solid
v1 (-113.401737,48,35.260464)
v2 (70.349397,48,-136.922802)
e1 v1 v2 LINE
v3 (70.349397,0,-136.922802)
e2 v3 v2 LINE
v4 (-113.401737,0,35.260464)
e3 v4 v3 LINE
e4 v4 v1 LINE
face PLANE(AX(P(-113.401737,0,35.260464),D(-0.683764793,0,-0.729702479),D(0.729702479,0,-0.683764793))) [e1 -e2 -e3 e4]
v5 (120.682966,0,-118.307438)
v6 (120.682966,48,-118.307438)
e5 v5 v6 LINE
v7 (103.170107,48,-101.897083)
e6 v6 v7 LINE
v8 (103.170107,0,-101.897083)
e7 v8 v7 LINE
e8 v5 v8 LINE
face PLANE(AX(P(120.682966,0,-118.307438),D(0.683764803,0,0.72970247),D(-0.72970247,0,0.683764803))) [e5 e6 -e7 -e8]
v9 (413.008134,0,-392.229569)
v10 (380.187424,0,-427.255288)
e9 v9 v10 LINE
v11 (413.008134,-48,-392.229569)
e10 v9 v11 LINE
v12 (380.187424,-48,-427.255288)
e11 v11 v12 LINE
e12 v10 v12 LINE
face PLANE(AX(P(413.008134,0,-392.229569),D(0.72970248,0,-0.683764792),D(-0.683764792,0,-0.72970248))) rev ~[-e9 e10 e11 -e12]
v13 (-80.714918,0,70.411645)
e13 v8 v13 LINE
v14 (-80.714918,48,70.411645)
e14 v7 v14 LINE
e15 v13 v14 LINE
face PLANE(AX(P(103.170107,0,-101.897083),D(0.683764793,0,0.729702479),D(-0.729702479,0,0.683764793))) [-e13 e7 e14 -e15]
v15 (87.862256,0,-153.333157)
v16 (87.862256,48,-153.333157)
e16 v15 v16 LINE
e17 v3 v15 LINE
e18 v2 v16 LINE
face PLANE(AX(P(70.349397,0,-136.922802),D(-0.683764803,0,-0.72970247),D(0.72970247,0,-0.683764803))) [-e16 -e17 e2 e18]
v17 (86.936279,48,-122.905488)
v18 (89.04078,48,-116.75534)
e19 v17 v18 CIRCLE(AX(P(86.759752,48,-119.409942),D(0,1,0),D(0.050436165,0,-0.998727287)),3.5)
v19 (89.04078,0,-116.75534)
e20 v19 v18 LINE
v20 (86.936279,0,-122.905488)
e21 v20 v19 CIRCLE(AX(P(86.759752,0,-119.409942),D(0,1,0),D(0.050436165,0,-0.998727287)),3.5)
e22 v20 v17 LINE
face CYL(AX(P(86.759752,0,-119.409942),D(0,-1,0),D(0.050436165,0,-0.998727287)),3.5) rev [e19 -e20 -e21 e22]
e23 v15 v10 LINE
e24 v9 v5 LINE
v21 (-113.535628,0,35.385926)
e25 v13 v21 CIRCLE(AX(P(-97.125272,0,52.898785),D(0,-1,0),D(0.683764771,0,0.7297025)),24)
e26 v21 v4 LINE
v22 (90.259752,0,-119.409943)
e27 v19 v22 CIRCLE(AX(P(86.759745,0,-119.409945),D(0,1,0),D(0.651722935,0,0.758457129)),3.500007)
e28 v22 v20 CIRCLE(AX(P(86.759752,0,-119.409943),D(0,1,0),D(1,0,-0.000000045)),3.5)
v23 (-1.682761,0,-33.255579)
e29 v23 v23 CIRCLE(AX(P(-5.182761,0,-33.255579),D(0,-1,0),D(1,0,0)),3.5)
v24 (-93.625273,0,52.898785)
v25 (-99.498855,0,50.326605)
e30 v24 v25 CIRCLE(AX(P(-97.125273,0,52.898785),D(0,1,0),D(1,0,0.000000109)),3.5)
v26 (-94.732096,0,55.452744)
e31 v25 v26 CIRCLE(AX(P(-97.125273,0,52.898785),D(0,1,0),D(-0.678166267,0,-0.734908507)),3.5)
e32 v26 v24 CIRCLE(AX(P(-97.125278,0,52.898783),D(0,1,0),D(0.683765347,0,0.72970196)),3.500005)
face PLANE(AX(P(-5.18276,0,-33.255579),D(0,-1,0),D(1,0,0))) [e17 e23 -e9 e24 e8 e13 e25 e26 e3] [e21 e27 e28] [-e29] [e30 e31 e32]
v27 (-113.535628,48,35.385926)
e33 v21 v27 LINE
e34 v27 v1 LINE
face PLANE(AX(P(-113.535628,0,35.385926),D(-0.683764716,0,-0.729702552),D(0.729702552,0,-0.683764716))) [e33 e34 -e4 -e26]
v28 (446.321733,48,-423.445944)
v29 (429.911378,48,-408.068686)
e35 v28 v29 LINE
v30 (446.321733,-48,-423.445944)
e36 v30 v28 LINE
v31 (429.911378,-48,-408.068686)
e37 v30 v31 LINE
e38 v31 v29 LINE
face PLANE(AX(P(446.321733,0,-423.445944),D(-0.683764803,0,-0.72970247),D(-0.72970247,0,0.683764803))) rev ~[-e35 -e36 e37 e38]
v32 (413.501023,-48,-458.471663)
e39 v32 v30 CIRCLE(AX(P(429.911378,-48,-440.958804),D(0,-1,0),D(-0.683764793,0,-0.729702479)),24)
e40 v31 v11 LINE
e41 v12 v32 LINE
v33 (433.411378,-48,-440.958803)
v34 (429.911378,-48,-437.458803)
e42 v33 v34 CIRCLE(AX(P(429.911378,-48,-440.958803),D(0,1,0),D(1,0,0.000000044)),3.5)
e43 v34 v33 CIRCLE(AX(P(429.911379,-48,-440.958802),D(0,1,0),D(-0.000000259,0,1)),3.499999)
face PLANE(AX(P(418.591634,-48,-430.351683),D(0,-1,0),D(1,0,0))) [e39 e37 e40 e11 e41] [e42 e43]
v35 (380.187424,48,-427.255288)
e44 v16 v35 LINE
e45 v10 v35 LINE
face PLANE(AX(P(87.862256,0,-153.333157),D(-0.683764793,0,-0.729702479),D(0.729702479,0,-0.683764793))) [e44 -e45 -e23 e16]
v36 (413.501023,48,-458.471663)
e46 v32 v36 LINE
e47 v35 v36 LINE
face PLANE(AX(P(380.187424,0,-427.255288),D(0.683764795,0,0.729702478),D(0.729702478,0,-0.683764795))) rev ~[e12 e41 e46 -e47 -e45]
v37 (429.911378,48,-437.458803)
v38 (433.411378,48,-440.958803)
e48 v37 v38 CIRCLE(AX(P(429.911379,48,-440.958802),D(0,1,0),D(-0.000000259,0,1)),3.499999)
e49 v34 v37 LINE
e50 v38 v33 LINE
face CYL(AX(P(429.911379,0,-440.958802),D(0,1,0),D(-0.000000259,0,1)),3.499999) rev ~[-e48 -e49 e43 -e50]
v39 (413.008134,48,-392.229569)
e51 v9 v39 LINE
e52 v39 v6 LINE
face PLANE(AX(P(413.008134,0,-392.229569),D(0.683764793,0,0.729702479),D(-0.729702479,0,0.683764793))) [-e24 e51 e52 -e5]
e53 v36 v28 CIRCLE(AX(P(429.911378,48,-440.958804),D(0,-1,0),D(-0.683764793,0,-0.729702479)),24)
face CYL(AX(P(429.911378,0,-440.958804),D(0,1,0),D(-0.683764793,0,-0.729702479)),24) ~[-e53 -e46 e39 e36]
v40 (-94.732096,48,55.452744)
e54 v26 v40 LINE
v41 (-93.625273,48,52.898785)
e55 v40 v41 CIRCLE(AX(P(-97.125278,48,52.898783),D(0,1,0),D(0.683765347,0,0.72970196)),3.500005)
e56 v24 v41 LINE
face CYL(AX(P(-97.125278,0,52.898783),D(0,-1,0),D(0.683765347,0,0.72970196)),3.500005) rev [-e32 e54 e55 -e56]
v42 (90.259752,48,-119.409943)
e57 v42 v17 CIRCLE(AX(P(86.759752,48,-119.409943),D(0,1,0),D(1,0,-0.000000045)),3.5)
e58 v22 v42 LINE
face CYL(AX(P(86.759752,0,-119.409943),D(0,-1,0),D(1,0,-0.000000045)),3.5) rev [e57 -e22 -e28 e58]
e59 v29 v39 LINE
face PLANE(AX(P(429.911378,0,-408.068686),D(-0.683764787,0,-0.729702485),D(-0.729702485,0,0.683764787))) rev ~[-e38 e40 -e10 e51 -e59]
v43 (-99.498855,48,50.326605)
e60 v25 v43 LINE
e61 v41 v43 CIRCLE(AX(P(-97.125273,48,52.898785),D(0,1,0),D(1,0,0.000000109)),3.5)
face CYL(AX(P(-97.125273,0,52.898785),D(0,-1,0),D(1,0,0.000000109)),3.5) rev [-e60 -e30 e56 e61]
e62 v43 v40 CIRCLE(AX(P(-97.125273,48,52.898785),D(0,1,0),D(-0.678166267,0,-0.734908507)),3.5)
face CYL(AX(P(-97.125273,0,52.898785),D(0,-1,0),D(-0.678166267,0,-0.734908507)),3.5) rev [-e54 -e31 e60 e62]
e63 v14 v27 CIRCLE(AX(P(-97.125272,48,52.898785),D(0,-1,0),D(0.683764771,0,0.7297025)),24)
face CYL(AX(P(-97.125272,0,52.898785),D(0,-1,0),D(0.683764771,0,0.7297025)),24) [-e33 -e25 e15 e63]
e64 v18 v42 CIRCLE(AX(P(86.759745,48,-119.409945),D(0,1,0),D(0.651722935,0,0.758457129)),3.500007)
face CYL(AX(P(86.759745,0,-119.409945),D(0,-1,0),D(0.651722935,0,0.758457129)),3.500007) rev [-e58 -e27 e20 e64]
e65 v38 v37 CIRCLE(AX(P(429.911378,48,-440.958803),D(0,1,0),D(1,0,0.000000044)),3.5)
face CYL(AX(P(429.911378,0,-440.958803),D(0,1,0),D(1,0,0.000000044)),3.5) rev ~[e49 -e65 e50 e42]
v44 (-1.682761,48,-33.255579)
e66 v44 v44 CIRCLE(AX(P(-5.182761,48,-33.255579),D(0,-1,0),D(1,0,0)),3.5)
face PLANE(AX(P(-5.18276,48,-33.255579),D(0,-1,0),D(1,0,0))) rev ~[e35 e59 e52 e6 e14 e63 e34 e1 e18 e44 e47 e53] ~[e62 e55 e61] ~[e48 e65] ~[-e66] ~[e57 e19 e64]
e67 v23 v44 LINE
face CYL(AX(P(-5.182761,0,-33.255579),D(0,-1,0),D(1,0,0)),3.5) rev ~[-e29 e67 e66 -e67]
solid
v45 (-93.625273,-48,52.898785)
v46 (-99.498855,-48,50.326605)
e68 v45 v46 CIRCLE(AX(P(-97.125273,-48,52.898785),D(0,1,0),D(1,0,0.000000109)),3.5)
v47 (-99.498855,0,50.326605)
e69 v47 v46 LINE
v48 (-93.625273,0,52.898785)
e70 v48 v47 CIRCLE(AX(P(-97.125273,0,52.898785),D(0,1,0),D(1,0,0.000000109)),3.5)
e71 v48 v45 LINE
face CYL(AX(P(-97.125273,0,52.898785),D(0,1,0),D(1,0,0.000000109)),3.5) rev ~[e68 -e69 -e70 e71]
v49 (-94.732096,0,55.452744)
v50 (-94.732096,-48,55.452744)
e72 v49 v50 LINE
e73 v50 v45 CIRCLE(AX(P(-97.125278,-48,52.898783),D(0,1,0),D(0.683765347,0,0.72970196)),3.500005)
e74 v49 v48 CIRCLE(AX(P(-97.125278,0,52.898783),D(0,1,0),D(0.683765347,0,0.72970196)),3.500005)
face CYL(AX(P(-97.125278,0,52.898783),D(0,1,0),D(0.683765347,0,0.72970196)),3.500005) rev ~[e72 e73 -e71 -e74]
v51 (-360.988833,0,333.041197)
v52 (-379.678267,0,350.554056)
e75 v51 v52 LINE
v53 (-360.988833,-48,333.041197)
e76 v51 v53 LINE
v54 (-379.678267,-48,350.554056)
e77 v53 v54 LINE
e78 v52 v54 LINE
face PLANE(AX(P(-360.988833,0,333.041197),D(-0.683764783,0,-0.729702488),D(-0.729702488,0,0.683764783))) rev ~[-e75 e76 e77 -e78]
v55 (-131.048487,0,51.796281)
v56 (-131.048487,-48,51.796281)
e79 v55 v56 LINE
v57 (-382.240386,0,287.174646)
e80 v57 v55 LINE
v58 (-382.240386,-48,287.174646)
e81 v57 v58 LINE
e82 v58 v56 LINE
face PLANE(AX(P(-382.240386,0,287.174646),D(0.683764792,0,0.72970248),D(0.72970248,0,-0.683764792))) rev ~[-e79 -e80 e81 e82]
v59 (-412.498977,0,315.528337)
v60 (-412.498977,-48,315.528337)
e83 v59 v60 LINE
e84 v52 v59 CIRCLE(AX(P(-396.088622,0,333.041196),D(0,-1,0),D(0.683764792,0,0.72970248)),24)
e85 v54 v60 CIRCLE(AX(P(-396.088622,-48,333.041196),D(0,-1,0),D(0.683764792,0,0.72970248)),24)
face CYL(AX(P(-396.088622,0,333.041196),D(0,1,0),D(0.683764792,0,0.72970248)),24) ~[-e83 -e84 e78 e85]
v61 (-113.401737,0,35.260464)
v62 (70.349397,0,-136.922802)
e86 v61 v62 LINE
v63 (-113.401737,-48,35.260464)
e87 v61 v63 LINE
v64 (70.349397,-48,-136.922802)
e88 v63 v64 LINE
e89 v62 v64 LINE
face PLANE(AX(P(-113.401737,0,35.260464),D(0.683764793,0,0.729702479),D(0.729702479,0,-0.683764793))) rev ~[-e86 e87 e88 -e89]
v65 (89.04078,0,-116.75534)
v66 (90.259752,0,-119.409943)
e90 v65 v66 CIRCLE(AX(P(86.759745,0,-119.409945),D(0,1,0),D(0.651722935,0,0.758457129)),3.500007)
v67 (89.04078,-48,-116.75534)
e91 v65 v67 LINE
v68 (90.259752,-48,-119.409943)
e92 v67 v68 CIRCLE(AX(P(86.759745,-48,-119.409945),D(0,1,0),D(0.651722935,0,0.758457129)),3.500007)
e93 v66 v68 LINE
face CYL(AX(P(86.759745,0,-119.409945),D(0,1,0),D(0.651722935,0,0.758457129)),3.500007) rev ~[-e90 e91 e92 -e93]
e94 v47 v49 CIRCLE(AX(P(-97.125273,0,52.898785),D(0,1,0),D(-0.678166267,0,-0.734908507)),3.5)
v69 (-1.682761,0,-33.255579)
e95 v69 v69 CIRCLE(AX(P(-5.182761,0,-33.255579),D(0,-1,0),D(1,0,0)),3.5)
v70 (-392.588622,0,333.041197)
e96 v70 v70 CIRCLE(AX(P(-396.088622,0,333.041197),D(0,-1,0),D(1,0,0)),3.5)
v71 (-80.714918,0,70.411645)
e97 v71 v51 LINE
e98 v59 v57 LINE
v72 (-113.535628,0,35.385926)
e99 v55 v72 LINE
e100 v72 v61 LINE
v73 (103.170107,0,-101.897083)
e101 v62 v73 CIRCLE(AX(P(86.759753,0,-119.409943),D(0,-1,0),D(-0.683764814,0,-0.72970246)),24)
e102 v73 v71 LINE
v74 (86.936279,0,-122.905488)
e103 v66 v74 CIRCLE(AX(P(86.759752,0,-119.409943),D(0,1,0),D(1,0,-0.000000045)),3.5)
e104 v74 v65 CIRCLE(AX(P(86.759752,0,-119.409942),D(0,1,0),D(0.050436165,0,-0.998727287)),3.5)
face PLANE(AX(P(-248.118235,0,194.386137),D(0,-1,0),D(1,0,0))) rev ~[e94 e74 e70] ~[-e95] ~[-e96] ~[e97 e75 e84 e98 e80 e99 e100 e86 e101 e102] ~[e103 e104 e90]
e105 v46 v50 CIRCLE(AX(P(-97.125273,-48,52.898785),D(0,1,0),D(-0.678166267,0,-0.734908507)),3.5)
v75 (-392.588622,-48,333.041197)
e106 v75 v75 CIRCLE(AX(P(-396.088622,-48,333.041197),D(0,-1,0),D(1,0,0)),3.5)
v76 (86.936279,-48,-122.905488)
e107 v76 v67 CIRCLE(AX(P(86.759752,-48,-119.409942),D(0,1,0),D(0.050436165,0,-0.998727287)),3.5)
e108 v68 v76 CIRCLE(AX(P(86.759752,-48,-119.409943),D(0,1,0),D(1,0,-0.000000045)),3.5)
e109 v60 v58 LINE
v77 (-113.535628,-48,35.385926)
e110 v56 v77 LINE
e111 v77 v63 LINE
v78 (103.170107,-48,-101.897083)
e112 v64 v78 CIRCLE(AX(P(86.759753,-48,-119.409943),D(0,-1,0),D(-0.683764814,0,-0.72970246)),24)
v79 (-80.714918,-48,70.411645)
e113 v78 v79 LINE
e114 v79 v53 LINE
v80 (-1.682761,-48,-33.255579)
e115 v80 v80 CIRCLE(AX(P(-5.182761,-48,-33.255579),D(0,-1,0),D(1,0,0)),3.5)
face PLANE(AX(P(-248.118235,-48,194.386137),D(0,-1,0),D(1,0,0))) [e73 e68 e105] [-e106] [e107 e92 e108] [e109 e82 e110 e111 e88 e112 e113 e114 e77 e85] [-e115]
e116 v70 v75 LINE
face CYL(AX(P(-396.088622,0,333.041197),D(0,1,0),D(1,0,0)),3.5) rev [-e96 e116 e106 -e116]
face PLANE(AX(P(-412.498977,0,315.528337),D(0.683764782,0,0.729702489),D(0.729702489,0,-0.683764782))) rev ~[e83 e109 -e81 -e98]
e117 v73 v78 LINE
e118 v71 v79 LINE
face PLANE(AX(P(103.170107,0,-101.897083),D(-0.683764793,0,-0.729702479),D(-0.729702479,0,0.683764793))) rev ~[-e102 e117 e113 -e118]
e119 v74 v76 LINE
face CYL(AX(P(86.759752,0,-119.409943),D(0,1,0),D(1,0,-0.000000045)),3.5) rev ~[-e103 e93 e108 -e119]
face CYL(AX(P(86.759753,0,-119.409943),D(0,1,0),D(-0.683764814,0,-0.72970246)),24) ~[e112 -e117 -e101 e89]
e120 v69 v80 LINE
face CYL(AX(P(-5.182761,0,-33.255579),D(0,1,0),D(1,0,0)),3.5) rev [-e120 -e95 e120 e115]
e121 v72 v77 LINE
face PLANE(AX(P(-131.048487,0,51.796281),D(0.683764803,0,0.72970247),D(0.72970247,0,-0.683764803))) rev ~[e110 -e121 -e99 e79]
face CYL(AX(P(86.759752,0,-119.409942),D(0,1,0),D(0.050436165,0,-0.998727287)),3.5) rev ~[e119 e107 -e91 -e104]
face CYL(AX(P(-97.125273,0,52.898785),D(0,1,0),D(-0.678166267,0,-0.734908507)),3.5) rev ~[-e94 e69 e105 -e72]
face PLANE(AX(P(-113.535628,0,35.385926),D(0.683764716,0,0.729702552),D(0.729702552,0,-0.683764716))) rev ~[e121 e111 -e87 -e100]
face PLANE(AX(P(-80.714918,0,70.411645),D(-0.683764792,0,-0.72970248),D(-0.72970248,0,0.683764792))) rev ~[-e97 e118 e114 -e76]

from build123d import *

# Parameters (mm, degrees)
F0_R     = 3.5
F1_DEPTH = 48
F2_DEPTH = 48
F3_DEPTH = 48


with BuildPart() as f1:
    # F0 (on Front) → F1 (new body)
    with BuildSketch(Plane.XZ):
        with BuildLine():
            ThreePointArc((-113.535628, 35.385926), (-114.638132, 69.30914), (-80.714918, 70.411645))
            Line((-80.714918, 70.411645), (-360.988833, 333.041197))
            Line((-360.988833, 333.041197), (-379.678267, 350.554056))
            ThreePointArc((-379.678267, 350.554056), (-413.601481, 349.451552), (-412.498977, 315.528337))
            Line((-412.498977, 315.528337), (-382.240386, 287.174646))
            Line((-382.240386, 287.174646), (-131.048487, 51.796281))
            Line((-131.048487, 51.796281), (-113.535628, 35.385926))
        make_face()
        with Locations((-396.088622, 333.041197)):
            Circle(F0_R, mode=Mode.SUBTRACT)
        with BuildLine():
            ThreePointArc((70.349397, -136.922802), (104.272612, -135.820298), (103.170107, -101.897083))
            Line((103.170107, -101.897083), (-80.714918, 70.411645))
            ThreePointArc((-80.714918, 70.411645), (-114.638132, 69.30914), (-113.535628, 35.385926))
            Line((-113.535628, 35.385926), (-113.401737, 35.260464))
            Line((-113.401737, 35.260464), (70.349397, -136.922802))
        make_face()
        with BuildLine():
            ThreePointArc((89.04078, -116.75534), (89.940443, -117.949394), (90.259752, -119.409943))
            ThreePointArc((90.259752, -119.409943), (89.29627, -121.821597), (86.936279, -122.905488))
            ThreePointArc((86.936279, -122.905488), (83.448261, -118.276794), (89.04078, -116.75534))
        make_face(mode=Mode.SUBTRACT)
        with Locations((-5.182761, -33.255579)):
            Circle(F0_R, mode=Mode.SUBTRACT)
        with BuildLine():
            ThreePointArc((-94.732096, 55.452744), (-93.913878, 54.290525), (-93.625273, 52.898785))
            ThreePointArc((-93.625273, 52.898785), (-95.721267, 49.692733), (-99.498855, 50.326605))
            ThreePointArc((-99.498855, 50.326605), (-99.688361, 55.282182), (-94.732096, 55.452744))
        make_face(mode=Mode.SUBTRACT)
    extrude(amount=F1_DEPTH)


with BuildPart() as f2:
    # F0 (on Front) → F2 (new body)
    with BuildSketch(Plane.XZ):
        with BuildLine():
            ThreePointArc((70.349397, -136.922802), (104.272612, -135.820298), (103.170107, -101.897083))
            Line((103.170107, -101.897083), (-80.714918, 70.411645))
            ThreePointArc((-80.714918, 70.411645), (-114.638132, 69.30914), (-113.535628, 35.385926))
            Line((-113.535628, 35.385926), (-113.401737, 35.260464))
            Line((-113.401737, 35.260464), (70.349397, -136.922802))
        make_face()
        with BuildLine():
            ThreePointArc((89.04078, -116.75534), (89.940443, -117.949394), (90.259752, -119.409943))
            ThreePointArc((90.259752, -119.409943), (89.29627, -121.821597), (86.936279, -122.905488))
            ThreePointArc((86.936279, -122.905488), (83.448261, -118.276794), (89.04078, -116.75534))
        make_face(mode=Mode.SUBTRACT)
        with Locations((-5.182761, -33.255579)):
            Circle(F0_R, mode=Mode.SUBTRACT)
        with BuildLine():
            ThreePointArc((-94.732096, 55.452744), (-93.913878, 54.290525), (-93.625273, 52.898785))
            ThreePointArc((-93.625273, 52.898785), (-95.721267, 49.692733), (-99.498855, 50.326605))
            ThreePointArc((-99.498855, 50.326605), (-99.688361, 55.282182), (-94.732096, 55.452744))
        make_face(mode=Mode.SUBTRACT)
        with BuildLine():
            Line((380.187424, -427.255288), (413.008134, -392.229569))
            Line((413.008134, -392.229569), (120.682966, -118.307438))
            Line((120.682966, -118.307438), (103.170107, -101.897083))
            ThreePointArc((103.170107, -101.897083), (104.272612, -135.820298), (70.349397, -136.922802))
            Line((70.349397, -136.922802), (87.862256, -153.333157))
            Line((87.862256, -153.333157), (380.187424, -427.255288))
        make_face()
        with BuildLine():
            Line((429.911378, -408.068686), (413.008134, -392.229569))
            Line((413.008134, -392.229569), (380.187424, -427.255288))
            Line((380.187424, -427.255288), (413.501023, -458.471663))
            ThreePointArc((413.501023, -458.471663), (447.424238, -457.369158), (446.321733, -423.445944))
            Line((446.321733, -423.445944), (429.911378, -408.068686))
        make_face()
        with BuildLine():
            ThreePointArc((433.411378, -440.958803), (427.436504, -443.433677), (429.911378, -437.458803))
            ThreePointArc((429.911378, -437.458803), (432.386252, -438.483929), (433.411378, -440.958803))
        make_face(mode=Mode.SUBTRACT)
    extrude(amount=-F2_DEPTH)

    # F0 (on Front) → F3 (join)
    with BuildSketch(Plane.XZ):
        with BuildLine():
            Line((429.911378, -408.068686), (413.008134, -392.229569))
            Line((413.008134, -392.229569), (380.187424, -427.255288))
            Line((380.187424, -427.255288), (413.501023, -458.471663))
            ThreePointArc((413.501023, -458.471663), (447.424238, -457.369158), (446.321733, -423.445944))
            Line((446.321733, -423.445944), (429.911378, -408.068686))
        make_face()
        with BuildLine():
            ThreePointArc((433.411378, -440.958803), (427.436504, -443.433677), (429.911378, -437.458803))
            ThreePointArc((429.911378, -437.458803), (432.386252, -438.483929), (433.411378, -440.958803))
        make_face(mode=Mode.SUBTRACT)
    extrude(amount=F3_DEPTH)


solid = Compound([f1.part, f2.part])
